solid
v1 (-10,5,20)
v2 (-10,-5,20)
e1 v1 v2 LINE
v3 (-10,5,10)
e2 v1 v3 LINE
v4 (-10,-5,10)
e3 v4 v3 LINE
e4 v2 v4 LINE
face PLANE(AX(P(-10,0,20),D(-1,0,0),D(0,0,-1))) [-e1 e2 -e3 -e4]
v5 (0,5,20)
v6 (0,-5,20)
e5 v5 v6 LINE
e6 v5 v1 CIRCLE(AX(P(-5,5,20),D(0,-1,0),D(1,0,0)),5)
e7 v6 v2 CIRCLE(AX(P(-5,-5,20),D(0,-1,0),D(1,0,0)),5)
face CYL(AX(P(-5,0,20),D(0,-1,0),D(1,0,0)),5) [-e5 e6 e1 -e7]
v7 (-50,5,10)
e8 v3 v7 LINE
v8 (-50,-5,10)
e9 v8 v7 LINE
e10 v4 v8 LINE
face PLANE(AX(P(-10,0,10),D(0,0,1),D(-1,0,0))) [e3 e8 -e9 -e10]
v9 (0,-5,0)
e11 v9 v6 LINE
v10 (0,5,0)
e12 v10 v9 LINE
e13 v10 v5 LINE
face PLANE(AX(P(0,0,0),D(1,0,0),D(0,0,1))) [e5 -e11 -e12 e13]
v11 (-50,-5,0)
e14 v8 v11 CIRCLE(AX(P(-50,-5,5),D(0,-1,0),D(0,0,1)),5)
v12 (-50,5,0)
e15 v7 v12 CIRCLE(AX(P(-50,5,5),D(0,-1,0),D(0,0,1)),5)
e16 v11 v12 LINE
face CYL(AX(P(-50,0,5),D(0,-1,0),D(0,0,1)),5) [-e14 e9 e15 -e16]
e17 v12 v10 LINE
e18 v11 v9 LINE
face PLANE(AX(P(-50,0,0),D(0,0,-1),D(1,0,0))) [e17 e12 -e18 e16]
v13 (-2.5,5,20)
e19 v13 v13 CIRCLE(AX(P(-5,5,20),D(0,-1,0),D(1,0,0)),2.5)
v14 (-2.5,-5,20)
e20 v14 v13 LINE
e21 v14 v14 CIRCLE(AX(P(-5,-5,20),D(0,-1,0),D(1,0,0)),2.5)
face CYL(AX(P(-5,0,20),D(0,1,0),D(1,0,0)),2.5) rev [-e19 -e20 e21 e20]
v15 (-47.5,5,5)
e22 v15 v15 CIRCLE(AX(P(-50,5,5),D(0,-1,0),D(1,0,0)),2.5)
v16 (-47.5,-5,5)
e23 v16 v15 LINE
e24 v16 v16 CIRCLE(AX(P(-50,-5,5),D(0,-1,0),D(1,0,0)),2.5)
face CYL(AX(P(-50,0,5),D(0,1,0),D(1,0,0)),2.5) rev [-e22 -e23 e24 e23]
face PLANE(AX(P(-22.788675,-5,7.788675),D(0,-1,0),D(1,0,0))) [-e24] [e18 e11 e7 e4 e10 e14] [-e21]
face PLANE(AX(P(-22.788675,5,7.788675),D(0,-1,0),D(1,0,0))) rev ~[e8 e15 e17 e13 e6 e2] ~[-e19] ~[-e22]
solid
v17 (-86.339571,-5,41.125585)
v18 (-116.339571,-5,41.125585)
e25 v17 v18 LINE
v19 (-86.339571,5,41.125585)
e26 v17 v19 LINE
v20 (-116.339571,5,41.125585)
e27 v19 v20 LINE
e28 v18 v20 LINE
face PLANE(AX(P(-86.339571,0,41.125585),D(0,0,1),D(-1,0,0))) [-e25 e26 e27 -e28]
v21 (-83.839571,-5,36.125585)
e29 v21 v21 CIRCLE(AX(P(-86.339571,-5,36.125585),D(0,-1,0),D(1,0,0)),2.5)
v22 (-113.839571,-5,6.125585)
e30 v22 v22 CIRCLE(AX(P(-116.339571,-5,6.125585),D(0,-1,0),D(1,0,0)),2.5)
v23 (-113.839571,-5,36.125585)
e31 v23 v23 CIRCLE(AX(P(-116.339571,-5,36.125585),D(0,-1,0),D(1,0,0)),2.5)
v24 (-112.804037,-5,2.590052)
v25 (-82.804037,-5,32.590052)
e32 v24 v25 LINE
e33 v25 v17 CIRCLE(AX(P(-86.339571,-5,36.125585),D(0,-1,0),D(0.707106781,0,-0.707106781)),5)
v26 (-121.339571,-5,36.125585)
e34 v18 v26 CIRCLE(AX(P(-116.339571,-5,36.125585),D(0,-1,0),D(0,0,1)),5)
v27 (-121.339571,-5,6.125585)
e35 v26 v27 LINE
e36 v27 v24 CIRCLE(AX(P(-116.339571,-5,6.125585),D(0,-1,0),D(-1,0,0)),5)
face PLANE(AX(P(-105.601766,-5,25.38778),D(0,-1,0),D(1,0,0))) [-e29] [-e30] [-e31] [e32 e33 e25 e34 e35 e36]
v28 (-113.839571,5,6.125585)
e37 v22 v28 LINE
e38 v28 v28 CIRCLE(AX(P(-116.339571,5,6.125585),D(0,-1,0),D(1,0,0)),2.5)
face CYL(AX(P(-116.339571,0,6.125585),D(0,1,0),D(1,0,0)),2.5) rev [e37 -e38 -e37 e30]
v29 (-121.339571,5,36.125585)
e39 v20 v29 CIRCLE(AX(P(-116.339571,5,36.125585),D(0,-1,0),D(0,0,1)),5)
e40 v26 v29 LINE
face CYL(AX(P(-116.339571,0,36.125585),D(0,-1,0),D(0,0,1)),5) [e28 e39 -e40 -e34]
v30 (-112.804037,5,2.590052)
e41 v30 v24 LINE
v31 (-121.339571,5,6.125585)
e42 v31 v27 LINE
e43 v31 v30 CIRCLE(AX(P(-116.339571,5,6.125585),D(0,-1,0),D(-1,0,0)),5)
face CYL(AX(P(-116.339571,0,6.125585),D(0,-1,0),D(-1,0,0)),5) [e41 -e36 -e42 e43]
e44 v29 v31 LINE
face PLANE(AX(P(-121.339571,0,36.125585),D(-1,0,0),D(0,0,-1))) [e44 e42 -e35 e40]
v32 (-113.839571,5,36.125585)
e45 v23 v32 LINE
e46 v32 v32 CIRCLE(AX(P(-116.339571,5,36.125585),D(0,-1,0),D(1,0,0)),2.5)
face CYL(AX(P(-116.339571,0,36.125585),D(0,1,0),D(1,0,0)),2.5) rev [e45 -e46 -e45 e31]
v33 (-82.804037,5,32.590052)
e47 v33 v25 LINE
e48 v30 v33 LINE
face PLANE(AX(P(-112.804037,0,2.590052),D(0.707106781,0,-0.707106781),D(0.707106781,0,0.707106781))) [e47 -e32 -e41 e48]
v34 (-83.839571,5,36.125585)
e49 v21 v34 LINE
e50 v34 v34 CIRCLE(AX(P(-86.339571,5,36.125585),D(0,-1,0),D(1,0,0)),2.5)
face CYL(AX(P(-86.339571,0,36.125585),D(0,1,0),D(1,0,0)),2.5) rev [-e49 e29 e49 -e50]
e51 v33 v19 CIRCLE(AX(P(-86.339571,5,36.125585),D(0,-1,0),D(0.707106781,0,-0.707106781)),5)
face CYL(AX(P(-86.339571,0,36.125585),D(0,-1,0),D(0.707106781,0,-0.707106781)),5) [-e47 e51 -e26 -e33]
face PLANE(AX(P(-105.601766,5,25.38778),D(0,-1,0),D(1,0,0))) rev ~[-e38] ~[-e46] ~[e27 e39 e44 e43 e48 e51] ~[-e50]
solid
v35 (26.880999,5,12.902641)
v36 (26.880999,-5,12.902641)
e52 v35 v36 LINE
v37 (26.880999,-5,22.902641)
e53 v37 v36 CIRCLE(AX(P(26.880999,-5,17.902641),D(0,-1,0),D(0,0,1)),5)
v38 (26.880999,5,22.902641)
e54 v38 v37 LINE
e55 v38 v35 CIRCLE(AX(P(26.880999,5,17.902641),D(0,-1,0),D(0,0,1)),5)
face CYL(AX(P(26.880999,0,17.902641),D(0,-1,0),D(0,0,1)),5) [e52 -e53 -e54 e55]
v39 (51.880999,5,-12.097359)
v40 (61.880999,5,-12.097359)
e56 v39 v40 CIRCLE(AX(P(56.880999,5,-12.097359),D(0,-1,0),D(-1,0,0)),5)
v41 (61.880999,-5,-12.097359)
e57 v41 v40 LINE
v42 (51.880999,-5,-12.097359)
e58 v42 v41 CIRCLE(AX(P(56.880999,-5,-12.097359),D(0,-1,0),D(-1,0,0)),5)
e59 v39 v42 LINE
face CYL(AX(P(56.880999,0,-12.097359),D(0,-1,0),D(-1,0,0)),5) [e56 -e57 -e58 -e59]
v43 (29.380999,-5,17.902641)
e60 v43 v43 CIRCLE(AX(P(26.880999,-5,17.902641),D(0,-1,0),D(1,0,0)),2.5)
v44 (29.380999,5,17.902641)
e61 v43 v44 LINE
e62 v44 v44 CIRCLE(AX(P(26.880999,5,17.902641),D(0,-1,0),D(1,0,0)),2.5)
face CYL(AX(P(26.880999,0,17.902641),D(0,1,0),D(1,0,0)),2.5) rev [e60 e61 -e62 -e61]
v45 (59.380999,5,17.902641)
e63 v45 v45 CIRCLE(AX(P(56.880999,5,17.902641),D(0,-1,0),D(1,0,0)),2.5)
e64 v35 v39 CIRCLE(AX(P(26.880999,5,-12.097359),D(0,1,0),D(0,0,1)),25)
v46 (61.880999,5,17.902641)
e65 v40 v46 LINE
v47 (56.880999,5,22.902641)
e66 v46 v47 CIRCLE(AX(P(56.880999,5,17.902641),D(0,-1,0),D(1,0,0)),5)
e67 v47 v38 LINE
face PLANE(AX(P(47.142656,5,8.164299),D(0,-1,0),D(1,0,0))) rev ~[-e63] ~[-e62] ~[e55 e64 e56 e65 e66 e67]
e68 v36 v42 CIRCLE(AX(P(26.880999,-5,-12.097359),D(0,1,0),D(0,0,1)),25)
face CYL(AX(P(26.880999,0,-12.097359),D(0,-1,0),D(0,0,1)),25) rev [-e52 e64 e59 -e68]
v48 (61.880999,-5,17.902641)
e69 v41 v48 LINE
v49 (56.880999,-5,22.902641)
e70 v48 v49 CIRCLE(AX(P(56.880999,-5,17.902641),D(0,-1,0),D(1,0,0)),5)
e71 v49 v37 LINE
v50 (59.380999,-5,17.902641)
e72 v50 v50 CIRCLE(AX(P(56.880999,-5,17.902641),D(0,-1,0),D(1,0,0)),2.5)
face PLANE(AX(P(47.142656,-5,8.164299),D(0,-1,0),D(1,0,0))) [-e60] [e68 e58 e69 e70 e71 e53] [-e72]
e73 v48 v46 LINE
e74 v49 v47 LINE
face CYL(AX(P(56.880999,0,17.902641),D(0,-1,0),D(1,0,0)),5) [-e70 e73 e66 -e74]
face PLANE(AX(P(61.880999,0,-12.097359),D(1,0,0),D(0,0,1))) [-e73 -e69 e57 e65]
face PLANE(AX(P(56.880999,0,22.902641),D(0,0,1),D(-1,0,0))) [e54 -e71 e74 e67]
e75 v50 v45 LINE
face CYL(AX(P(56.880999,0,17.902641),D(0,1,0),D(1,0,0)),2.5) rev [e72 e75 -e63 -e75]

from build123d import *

# Parameters (mm, degrees)
F0_R     = 2.5
F1_DEPTH = 5
F2_R     = 2.5
F3_DEPTH = 5
F4_R     = 2.5
F5_DEPTH = 5


with BuildPart() as f1:
    # F0 (on Front) → F1 (new body, symmetric)
    with BuildSketch(Plane.XZ):
        with BuildLine():
            Line((-50, 0), (0, 0))
            Line((0, 0), (0, 20))
            ThreePointArc((0, 20), (-5, 25), (-10, 20))
            Line((-10, 20), (-10, 10))
            Line((-10, 10), (-50, 10))
            ThreePointArc((-50, 10), (-55, 5), (-50, 0))
        make_face()
        with Locations((-50, 5)):
            Circle(F0_R, mode=Mode.SUBTRACT)
        with Locations((-5, 20)):
            Circle(F0_R, mode=Mode.SUBTRACT)
    extrude(amount=F1_DEPTH, both=True)


with BuildPart() as f3:
    # F2 (on Front) → F3 (new body, symmetric)
    with BuildSketch(Plane.XZ):
        with BuildLine():
            Line((-121.3395705819, 36.1255854368), (-121.3395705819, 6.1255854368))
            ThreePointArc((-121.3395705819, 6.1255854368), (-118.2529877437, 1.5061877743), (-112.804036676, 2.5900515309))
            Line((-112.804036676, 2.5900515309), (-82.804036676, 32.5900515309))
            ThreePointArc((-82.804036676, 32.5900515309), (-81.7201729194, 38.0390025986), (-86.3395705819, 41.1255854368))
            Line((-86.3395705819, 41.1255854368), (-116.3395705819, 41.1255854368))
            ThreePointArc((-116.3395705819, 41.1255854368), (-119.8751044878, 39.6611193428), (-121.3395705819, 36.1255854368))
        make_face()
        with Locations((-116.3395705819, 6.1255854368)):
            Circle(F2_R, mode=Mode.SUBTRACT)
        with Locations((-116.3395705819, 36.1255854368)):
            Circle(F2_R, mode=Mode.SUBTRACT)
        with Locations((-86.3395705819, 36.1255854368)):
            Circle(F2_R, mode=Mode.SUBTRACT)
    extrude(amount=F3_DEPTH, both=True)


with BuildPart() as f5:
    # F4 (on Front) → F5 (new body, symmetric)
    with BuildSketch(Plane.XZ):
        with BuildLine():
            Line((56.8809987468, 22.9026412712), (26.8809987468, 22.9026412712))
            ThreePointArc((26.8809987468, 22.9026412712), (21.8809987468, 17.9026412712), (26.8809987468, 12.9026412712))
            ThreePointArc((26.8809987468, 12.9026412712), (44.5586682765, 5.5803108008), (51.8809987468, -12.0973587288))
            ThreePointArc((51.8809987468, -12.0973587288), (56.8809987468, -17.0973587288), (61.8809987468, -12.0973587288))
            Line((61.8809987468, -12.0973587288), (61.8809987468, 17.9026412712))
            ThreePointArc((61.8809987468, 17.9026412712), (60.4165326527, 21.4381751771), (56.8809987468, 22.9026412712))
        make_face()
        with Locations((26.8809987468, 17.9026412712)):
            Circle(F4_R, mode=Mode.SUBTRACT)
        with Locations((56.8809987468, 17.9026412712)):
            Circle(F4_R, mode=Mode.SUBTRACT)
    extrude(amount=F5_DEPTH, both=True)


solid = Compound([f1.part, f3.part, f5.part])
